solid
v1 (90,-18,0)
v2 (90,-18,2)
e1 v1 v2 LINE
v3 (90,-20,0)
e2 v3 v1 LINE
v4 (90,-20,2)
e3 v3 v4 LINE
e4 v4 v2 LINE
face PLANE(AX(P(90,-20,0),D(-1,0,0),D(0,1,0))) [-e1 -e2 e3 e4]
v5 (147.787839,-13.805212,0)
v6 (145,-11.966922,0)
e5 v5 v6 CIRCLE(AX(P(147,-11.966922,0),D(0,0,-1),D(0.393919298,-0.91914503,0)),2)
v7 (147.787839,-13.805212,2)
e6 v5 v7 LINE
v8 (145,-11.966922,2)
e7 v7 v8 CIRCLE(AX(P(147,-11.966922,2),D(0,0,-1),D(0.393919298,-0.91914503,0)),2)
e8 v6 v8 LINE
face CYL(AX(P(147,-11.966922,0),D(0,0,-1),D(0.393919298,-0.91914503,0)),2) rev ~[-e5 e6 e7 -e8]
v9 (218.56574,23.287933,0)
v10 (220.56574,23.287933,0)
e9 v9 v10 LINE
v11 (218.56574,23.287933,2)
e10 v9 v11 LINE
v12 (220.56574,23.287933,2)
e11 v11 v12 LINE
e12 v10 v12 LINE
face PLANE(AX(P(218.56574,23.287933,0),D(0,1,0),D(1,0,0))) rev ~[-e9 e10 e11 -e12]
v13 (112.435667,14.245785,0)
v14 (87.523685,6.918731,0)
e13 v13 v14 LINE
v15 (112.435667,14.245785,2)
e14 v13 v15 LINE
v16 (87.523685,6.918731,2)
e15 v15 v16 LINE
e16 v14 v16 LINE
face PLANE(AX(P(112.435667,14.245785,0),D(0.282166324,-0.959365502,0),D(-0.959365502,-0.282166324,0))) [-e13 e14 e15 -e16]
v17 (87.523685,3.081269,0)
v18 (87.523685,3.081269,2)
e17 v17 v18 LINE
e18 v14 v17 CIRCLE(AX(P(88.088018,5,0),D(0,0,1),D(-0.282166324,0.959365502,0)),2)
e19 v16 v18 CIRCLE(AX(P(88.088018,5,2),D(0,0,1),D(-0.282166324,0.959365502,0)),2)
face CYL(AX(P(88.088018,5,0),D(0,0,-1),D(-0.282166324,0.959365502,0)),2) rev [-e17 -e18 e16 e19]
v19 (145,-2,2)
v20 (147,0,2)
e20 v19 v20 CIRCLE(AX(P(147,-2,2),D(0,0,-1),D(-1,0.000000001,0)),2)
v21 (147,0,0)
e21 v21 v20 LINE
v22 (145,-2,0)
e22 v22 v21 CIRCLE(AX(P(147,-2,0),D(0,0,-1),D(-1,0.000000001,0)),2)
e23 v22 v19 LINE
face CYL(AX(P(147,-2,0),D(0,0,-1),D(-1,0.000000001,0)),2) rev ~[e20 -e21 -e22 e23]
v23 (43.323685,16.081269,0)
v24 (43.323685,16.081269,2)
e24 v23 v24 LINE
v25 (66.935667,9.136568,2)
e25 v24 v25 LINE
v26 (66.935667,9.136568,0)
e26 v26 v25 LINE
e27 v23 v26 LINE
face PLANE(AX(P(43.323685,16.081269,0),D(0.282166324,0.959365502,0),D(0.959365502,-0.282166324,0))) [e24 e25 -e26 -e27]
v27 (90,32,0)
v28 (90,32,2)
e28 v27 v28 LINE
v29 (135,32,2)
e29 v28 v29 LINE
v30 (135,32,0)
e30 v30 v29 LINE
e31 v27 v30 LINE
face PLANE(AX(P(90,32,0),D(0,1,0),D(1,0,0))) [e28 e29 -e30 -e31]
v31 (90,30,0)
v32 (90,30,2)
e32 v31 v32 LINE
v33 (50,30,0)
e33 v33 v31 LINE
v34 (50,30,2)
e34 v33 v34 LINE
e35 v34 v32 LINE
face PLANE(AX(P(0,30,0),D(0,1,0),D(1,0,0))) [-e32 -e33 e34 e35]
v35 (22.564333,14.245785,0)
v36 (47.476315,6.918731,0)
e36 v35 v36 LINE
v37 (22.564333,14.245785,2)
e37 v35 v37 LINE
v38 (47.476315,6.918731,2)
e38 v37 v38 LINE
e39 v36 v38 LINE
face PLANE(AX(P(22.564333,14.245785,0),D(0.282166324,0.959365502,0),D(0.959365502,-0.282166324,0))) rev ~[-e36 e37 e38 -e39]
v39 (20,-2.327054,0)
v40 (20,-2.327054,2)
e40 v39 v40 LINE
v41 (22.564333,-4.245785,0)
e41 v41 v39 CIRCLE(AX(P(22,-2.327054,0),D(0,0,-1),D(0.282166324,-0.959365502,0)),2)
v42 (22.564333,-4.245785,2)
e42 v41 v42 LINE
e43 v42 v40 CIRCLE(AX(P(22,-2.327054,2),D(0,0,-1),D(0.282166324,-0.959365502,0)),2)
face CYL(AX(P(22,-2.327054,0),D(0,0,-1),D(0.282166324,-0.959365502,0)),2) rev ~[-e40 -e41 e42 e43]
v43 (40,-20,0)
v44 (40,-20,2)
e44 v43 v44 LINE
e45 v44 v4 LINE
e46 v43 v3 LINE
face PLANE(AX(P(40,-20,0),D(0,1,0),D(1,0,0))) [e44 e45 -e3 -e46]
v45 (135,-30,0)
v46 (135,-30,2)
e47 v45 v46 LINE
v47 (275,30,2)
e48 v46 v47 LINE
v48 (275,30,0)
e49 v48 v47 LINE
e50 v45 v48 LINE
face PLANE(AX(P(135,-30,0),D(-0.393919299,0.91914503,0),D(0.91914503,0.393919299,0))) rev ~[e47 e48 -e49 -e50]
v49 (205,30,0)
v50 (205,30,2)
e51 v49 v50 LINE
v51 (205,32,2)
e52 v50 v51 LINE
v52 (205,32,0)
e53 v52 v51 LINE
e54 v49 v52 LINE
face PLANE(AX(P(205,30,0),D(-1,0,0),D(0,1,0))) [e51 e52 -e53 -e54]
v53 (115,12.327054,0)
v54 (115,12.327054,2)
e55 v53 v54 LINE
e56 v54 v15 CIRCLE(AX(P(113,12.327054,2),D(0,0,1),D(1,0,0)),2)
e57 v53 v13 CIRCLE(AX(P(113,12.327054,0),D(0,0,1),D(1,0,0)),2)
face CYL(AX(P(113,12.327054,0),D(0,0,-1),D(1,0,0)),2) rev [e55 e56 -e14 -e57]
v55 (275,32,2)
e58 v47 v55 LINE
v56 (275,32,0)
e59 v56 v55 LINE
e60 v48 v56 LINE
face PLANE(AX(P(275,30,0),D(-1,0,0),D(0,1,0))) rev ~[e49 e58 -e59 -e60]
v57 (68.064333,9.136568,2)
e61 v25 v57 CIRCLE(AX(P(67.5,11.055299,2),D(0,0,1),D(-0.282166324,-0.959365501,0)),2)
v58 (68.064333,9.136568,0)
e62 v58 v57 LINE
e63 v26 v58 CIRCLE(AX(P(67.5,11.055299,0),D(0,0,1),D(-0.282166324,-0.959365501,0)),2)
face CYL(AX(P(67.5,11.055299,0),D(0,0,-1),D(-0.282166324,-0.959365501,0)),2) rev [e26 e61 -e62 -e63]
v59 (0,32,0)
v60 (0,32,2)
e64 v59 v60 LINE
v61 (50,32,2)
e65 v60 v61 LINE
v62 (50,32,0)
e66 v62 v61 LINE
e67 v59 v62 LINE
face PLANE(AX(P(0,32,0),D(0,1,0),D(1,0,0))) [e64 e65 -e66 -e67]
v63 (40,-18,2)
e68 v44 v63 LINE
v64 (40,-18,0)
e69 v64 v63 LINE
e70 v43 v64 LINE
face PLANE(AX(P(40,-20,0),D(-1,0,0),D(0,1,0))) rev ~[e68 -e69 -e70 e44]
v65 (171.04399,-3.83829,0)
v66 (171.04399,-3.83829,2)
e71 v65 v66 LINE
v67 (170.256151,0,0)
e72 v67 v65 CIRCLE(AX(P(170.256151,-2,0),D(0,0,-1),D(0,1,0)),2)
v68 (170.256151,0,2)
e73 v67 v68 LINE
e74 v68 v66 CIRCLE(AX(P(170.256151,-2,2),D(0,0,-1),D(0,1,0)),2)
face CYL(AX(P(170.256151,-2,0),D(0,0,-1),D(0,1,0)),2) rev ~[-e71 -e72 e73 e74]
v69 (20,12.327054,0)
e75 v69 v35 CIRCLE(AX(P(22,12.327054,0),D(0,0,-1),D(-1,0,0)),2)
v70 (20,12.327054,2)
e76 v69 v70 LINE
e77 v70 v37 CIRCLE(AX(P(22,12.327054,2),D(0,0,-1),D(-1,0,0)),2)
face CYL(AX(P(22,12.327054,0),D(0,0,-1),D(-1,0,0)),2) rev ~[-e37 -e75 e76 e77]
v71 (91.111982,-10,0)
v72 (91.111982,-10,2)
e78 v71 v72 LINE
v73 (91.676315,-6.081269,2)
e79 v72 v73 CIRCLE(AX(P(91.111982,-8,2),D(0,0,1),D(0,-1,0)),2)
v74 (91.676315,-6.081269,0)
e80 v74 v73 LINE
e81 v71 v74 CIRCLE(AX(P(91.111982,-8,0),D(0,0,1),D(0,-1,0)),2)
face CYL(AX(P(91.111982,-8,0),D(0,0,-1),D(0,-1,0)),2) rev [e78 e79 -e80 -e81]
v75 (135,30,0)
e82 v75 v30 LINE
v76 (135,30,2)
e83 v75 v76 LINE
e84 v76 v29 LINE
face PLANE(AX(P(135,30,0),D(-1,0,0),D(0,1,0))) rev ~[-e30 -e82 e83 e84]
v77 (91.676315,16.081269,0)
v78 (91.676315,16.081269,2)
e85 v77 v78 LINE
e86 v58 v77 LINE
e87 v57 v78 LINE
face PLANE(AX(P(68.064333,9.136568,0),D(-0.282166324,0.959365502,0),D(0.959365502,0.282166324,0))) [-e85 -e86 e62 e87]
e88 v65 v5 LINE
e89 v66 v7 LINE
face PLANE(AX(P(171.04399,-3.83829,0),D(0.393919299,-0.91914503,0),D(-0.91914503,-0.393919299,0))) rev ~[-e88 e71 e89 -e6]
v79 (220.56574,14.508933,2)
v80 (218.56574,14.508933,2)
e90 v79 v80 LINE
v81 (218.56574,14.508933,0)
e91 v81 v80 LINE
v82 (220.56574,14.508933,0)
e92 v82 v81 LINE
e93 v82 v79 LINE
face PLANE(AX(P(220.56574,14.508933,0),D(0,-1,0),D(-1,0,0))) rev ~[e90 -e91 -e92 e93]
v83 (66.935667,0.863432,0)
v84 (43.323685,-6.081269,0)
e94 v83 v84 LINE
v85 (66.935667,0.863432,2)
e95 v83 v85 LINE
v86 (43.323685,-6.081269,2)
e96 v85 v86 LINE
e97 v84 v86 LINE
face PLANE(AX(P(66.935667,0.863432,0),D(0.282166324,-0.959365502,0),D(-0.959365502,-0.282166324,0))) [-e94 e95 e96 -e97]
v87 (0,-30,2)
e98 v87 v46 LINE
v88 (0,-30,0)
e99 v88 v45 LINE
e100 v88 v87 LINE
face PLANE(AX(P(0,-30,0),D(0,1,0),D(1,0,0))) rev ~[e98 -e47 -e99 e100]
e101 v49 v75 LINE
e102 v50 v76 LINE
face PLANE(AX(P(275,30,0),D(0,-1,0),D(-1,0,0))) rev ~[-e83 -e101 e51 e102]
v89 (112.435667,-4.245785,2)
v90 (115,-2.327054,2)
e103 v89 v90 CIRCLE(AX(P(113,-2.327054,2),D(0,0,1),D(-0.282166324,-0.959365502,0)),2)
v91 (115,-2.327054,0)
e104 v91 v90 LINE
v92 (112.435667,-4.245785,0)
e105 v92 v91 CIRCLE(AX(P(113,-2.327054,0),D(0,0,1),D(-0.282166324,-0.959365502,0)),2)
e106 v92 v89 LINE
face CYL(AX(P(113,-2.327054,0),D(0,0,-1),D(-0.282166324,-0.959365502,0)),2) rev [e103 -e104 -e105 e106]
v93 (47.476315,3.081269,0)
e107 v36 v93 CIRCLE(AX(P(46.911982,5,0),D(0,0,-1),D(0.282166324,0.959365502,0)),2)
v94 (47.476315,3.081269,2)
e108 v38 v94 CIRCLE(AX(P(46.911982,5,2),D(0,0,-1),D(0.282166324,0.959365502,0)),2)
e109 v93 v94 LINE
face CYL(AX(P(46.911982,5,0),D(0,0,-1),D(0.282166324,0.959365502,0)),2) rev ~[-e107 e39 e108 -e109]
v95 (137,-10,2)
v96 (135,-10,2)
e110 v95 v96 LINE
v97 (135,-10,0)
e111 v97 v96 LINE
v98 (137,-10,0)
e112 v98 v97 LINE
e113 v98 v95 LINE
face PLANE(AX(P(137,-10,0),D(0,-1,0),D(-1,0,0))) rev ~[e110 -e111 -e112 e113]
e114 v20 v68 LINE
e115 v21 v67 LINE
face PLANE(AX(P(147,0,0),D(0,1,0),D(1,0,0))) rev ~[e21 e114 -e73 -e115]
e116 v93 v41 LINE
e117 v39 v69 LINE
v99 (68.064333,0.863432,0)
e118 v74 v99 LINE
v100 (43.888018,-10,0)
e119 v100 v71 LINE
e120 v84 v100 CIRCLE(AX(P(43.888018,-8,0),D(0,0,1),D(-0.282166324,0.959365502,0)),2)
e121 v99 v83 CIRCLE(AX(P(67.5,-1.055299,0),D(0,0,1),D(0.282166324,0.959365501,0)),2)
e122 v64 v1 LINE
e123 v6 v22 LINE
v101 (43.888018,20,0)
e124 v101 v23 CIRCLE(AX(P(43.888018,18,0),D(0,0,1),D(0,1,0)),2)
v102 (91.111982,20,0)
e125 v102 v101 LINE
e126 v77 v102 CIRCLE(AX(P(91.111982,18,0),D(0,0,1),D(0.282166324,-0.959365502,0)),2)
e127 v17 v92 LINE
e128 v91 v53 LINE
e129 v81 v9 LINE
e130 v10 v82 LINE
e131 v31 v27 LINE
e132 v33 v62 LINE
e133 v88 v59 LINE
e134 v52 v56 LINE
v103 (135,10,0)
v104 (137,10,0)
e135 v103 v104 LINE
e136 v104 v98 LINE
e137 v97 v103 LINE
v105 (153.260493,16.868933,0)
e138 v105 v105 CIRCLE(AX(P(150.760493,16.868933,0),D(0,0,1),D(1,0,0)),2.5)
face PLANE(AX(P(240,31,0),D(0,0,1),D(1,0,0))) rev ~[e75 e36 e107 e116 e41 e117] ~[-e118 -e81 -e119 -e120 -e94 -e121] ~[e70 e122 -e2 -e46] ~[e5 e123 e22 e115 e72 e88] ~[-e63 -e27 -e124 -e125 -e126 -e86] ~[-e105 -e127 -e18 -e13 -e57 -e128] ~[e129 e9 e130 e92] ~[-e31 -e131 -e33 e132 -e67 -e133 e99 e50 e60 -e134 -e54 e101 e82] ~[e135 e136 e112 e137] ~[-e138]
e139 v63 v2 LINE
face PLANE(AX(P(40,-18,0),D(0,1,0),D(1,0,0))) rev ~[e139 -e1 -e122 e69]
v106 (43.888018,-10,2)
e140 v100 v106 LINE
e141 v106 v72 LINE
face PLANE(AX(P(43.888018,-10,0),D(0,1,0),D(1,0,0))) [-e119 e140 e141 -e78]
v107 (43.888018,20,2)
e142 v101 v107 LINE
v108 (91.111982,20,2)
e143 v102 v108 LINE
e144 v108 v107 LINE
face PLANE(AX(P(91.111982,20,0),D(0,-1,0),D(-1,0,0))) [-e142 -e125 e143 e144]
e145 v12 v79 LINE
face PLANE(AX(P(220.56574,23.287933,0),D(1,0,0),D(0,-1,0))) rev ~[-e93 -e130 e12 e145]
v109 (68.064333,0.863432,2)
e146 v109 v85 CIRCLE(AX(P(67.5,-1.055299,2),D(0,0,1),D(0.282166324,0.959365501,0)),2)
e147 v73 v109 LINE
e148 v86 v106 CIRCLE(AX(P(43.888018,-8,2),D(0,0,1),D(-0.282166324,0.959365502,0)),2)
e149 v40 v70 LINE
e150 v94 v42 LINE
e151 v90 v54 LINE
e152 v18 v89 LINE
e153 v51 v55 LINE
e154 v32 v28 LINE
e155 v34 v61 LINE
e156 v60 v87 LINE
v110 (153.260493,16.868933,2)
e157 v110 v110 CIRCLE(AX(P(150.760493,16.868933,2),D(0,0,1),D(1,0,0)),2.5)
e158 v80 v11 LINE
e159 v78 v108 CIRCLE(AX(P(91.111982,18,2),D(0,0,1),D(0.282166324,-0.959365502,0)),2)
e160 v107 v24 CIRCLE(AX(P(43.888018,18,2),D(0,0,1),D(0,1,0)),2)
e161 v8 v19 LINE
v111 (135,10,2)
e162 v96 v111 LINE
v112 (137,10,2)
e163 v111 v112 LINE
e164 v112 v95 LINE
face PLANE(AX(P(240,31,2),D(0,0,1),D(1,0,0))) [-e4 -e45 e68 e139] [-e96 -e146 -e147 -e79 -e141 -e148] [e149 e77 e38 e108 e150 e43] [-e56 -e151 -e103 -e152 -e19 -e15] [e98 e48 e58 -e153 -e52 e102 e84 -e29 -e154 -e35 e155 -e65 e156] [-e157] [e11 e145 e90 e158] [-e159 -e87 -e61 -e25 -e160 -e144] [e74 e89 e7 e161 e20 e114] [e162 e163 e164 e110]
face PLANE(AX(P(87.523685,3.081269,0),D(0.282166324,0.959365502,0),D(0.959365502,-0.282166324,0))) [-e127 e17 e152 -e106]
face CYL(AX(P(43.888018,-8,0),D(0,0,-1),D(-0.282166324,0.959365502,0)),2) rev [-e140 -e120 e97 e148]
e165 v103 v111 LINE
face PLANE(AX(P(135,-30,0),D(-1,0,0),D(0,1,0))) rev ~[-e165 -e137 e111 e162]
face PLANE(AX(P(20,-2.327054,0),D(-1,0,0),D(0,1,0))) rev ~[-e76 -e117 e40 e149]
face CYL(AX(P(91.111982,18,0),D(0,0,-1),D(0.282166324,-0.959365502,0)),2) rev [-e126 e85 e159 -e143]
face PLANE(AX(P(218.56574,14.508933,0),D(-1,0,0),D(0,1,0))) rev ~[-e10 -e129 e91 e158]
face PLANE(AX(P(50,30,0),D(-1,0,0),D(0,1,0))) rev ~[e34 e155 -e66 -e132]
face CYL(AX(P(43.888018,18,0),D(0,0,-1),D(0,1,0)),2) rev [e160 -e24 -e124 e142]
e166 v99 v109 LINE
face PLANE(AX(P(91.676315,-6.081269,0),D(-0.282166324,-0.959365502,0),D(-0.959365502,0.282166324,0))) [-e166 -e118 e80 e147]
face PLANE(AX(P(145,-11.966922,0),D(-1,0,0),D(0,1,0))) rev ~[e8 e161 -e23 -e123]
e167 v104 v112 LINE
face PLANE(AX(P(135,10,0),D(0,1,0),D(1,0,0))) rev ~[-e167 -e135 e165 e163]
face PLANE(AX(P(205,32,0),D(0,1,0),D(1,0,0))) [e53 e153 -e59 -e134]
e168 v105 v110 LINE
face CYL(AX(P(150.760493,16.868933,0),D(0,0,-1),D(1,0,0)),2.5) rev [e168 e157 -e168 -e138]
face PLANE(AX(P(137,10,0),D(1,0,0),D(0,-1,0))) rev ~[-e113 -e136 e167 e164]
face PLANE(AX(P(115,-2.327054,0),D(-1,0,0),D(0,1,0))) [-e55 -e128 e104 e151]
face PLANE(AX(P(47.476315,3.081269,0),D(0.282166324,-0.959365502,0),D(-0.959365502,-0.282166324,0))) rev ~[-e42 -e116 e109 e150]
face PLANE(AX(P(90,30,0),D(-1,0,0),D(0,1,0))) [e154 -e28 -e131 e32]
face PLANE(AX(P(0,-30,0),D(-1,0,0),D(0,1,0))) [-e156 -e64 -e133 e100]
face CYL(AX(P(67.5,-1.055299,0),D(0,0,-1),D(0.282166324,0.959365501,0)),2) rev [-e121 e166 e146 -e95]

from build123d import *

# Parameters (mm, degrees)
SKETCH_1_W      = 135
SKETCH_1_H      = 60.000000048
SKETCH_1_W_2    = 50
SKETCH_1_H_2    = 2
SKETCH_1_R      = 2.5
SKETCH_1_W_3    = 45
SKETCH_1_H_3    = 2.000000262
SKETCH_1_W_4    = 70.000000056
EXTRUDE_1_DEPTH = 2


with BuildPart() as part:
    # 草图1 → 凸台-拉伸1 (new body)
    # profile 1 of 5: a face of its own
    with BuildSketch(Plane.XY):
        with Locations((67.5, -2.86e-07)):
            Rectangle(SKETCH_1_W, SKETCH_1_H)
        with BuildLine():
            ThreePointArc((68.064332648, 0.863431574), (67.5, 0.944700571), (66.935667352, 0.863431574))
            Line((66.935667352, 0.863431574), (43.323685411, -6.081268997))
            ThreePointArc((43.323685411, -6.081268997), (41.908439567, -8.285077177), (43.888018059, -10))
            Line((43.888018059, -10), (91.111981941, -10))
            ThreePointArc((91.111981941, -10), (93.091560433, -8.285077177), (91.676314589, -6.081268997))
            Line((91.676314589, -6.081268997), (68.064332648, 0.863431574))
        make_face(mode=Mode.SUBTRACT)
        with BuildLine():
            ThreePointArc((66.935667352, 9.136568426), (67.5, 9.055299429), (68.064332648, 9.136568426))
            Line((68.064332648, 9.136568426), (91.676314589, 16.081268997))
            ThreePointArc((91.676314589, 16.081268997), (93.091560433, 18.285077177), (91.111981941, 20))
            Line((91.111981941, 20), (43.888018059, 20))
            ThreePointArc((43.888018059, 20), (41.908439567, 18.285077177), (43.323685411, 16.081268997))
            Line((43.323685411, 16.081268997), (66.935667352, 9.136568426))
        make_face(mode=Mode.SUBTRACT)
        with Locations((65, -19)):
            Rectangle(SKETCH_1_W_2, SKETCH_1_H_2, mode=Mode.SUBTRACT)
        with BuildLine():
            Line((47.476314589, 3.081268997), (22.564332648, -4.245784515))
            ThreePointArc((22.564332648, -4.245784515), (20.80180663, -3.928406892), (20, -2.327053512))
            Line((20, -2.327053512), (20, 12.327053512))
            ThreePointArc((20, 12.327053512), (20.80180663, 13.928406892), (22.564332648, 14.245784515))
            Line((22.564332648, 14.245784515), (47.476314589, 6.918731003))
            ThreePointArc((47.476314589, 6.918731003), (48.911981941, 5), (47.476314589, 3.081268997))
        make_face(mode=Mode.SUBTRACT)
        with BuildLine():
            Line((87.523685411, 3.081268997), (112.435667352, -4.245784515))
            ThreePointArc((112.435667352, -4.245784515), (114.19819337, -3.928406892), (115, -2.327053512))
            Line((115, -2.327053512), (115, 12.327053512))
            ThreePointArc((115, 12.327053512), (114.19819337, 13.928406892), (112.435667352, 14.245784515))
            Line((112.435667352, 14.245784515), (87.523685411, 6.918731003))
            ThreePointArc((87.523685411, 6.918731003), (86.088018059, 5), (87.523685411, 3.081268997))
        make_face(mode=Mode.SUBTRACT)
    # profile 2 of 5: a face of its own
    with BuildSketch(Plane.XY):
        Polygon((135, -10), (135, -30.00000031), (275.000000112, 29.999999738), (205.000000056, 29.999999738), (135, 29.999999738), (135, 10), (137, 10), (137, -10), align=None)
        with BuildLine():
            Line((171.04398986, -3.83829006), (147.787838597, -13.80521203))
            ThreePointArc((147.787838597, -13.80521203), (145.899017983, -13.636604154), (145, -11.96692197))
            Line((145, -11.96692197), (145, -2))
            ThreePointArc((145, -2), (145.585786438, -0.585786438), (147, 0))
            Line((147, 0), (170.256151263, 0))
            ThreePointArc((170.256151263, 0), (172.215306708, -1.597868255), (171.04398986, -3.83829006))
        make_face(mode=Mode.SUBTRACT)
        with Locations((150.760493498, 16.868933163)):
            Circle(SKETCH_1_R, mode=Mode.SUBTRACT)
        Polygon((218.565739708, 14.508933163), (218.565739708, 16.868933163), (218.565739708, 23.287933163), (220.565739708, 23.287933163), (220.565739708, 14.508933163), align=None, mode=Mode.SUBTRACT)
    # profile 3 of 5: a face of its own
    with BuildSketch(Plane.XY):
        with Locations((112.5, 30.999999869)):
            Rectangle(SKETCH_1_W_3, SKETCH_1_H_3)
    # profile 4 of 5: a face of its own
    with BuildSketch(Plane.XY):
        with Locations((25, 30.999999869)):
            Rectangle(SKETCH_1_W_2, SKETCH_1_H_3)
    # profile 5 of 5: a face of its own
    with BuildSketch(Plane.XY):
        with Locations((240.000000084, 30.999999869)):
            Rectangle(SKETCH_1_W_4, SKETCH_1_H_3)
    extrude(amount=EXTRUDE_1_DEPTH)


solid = part.part
